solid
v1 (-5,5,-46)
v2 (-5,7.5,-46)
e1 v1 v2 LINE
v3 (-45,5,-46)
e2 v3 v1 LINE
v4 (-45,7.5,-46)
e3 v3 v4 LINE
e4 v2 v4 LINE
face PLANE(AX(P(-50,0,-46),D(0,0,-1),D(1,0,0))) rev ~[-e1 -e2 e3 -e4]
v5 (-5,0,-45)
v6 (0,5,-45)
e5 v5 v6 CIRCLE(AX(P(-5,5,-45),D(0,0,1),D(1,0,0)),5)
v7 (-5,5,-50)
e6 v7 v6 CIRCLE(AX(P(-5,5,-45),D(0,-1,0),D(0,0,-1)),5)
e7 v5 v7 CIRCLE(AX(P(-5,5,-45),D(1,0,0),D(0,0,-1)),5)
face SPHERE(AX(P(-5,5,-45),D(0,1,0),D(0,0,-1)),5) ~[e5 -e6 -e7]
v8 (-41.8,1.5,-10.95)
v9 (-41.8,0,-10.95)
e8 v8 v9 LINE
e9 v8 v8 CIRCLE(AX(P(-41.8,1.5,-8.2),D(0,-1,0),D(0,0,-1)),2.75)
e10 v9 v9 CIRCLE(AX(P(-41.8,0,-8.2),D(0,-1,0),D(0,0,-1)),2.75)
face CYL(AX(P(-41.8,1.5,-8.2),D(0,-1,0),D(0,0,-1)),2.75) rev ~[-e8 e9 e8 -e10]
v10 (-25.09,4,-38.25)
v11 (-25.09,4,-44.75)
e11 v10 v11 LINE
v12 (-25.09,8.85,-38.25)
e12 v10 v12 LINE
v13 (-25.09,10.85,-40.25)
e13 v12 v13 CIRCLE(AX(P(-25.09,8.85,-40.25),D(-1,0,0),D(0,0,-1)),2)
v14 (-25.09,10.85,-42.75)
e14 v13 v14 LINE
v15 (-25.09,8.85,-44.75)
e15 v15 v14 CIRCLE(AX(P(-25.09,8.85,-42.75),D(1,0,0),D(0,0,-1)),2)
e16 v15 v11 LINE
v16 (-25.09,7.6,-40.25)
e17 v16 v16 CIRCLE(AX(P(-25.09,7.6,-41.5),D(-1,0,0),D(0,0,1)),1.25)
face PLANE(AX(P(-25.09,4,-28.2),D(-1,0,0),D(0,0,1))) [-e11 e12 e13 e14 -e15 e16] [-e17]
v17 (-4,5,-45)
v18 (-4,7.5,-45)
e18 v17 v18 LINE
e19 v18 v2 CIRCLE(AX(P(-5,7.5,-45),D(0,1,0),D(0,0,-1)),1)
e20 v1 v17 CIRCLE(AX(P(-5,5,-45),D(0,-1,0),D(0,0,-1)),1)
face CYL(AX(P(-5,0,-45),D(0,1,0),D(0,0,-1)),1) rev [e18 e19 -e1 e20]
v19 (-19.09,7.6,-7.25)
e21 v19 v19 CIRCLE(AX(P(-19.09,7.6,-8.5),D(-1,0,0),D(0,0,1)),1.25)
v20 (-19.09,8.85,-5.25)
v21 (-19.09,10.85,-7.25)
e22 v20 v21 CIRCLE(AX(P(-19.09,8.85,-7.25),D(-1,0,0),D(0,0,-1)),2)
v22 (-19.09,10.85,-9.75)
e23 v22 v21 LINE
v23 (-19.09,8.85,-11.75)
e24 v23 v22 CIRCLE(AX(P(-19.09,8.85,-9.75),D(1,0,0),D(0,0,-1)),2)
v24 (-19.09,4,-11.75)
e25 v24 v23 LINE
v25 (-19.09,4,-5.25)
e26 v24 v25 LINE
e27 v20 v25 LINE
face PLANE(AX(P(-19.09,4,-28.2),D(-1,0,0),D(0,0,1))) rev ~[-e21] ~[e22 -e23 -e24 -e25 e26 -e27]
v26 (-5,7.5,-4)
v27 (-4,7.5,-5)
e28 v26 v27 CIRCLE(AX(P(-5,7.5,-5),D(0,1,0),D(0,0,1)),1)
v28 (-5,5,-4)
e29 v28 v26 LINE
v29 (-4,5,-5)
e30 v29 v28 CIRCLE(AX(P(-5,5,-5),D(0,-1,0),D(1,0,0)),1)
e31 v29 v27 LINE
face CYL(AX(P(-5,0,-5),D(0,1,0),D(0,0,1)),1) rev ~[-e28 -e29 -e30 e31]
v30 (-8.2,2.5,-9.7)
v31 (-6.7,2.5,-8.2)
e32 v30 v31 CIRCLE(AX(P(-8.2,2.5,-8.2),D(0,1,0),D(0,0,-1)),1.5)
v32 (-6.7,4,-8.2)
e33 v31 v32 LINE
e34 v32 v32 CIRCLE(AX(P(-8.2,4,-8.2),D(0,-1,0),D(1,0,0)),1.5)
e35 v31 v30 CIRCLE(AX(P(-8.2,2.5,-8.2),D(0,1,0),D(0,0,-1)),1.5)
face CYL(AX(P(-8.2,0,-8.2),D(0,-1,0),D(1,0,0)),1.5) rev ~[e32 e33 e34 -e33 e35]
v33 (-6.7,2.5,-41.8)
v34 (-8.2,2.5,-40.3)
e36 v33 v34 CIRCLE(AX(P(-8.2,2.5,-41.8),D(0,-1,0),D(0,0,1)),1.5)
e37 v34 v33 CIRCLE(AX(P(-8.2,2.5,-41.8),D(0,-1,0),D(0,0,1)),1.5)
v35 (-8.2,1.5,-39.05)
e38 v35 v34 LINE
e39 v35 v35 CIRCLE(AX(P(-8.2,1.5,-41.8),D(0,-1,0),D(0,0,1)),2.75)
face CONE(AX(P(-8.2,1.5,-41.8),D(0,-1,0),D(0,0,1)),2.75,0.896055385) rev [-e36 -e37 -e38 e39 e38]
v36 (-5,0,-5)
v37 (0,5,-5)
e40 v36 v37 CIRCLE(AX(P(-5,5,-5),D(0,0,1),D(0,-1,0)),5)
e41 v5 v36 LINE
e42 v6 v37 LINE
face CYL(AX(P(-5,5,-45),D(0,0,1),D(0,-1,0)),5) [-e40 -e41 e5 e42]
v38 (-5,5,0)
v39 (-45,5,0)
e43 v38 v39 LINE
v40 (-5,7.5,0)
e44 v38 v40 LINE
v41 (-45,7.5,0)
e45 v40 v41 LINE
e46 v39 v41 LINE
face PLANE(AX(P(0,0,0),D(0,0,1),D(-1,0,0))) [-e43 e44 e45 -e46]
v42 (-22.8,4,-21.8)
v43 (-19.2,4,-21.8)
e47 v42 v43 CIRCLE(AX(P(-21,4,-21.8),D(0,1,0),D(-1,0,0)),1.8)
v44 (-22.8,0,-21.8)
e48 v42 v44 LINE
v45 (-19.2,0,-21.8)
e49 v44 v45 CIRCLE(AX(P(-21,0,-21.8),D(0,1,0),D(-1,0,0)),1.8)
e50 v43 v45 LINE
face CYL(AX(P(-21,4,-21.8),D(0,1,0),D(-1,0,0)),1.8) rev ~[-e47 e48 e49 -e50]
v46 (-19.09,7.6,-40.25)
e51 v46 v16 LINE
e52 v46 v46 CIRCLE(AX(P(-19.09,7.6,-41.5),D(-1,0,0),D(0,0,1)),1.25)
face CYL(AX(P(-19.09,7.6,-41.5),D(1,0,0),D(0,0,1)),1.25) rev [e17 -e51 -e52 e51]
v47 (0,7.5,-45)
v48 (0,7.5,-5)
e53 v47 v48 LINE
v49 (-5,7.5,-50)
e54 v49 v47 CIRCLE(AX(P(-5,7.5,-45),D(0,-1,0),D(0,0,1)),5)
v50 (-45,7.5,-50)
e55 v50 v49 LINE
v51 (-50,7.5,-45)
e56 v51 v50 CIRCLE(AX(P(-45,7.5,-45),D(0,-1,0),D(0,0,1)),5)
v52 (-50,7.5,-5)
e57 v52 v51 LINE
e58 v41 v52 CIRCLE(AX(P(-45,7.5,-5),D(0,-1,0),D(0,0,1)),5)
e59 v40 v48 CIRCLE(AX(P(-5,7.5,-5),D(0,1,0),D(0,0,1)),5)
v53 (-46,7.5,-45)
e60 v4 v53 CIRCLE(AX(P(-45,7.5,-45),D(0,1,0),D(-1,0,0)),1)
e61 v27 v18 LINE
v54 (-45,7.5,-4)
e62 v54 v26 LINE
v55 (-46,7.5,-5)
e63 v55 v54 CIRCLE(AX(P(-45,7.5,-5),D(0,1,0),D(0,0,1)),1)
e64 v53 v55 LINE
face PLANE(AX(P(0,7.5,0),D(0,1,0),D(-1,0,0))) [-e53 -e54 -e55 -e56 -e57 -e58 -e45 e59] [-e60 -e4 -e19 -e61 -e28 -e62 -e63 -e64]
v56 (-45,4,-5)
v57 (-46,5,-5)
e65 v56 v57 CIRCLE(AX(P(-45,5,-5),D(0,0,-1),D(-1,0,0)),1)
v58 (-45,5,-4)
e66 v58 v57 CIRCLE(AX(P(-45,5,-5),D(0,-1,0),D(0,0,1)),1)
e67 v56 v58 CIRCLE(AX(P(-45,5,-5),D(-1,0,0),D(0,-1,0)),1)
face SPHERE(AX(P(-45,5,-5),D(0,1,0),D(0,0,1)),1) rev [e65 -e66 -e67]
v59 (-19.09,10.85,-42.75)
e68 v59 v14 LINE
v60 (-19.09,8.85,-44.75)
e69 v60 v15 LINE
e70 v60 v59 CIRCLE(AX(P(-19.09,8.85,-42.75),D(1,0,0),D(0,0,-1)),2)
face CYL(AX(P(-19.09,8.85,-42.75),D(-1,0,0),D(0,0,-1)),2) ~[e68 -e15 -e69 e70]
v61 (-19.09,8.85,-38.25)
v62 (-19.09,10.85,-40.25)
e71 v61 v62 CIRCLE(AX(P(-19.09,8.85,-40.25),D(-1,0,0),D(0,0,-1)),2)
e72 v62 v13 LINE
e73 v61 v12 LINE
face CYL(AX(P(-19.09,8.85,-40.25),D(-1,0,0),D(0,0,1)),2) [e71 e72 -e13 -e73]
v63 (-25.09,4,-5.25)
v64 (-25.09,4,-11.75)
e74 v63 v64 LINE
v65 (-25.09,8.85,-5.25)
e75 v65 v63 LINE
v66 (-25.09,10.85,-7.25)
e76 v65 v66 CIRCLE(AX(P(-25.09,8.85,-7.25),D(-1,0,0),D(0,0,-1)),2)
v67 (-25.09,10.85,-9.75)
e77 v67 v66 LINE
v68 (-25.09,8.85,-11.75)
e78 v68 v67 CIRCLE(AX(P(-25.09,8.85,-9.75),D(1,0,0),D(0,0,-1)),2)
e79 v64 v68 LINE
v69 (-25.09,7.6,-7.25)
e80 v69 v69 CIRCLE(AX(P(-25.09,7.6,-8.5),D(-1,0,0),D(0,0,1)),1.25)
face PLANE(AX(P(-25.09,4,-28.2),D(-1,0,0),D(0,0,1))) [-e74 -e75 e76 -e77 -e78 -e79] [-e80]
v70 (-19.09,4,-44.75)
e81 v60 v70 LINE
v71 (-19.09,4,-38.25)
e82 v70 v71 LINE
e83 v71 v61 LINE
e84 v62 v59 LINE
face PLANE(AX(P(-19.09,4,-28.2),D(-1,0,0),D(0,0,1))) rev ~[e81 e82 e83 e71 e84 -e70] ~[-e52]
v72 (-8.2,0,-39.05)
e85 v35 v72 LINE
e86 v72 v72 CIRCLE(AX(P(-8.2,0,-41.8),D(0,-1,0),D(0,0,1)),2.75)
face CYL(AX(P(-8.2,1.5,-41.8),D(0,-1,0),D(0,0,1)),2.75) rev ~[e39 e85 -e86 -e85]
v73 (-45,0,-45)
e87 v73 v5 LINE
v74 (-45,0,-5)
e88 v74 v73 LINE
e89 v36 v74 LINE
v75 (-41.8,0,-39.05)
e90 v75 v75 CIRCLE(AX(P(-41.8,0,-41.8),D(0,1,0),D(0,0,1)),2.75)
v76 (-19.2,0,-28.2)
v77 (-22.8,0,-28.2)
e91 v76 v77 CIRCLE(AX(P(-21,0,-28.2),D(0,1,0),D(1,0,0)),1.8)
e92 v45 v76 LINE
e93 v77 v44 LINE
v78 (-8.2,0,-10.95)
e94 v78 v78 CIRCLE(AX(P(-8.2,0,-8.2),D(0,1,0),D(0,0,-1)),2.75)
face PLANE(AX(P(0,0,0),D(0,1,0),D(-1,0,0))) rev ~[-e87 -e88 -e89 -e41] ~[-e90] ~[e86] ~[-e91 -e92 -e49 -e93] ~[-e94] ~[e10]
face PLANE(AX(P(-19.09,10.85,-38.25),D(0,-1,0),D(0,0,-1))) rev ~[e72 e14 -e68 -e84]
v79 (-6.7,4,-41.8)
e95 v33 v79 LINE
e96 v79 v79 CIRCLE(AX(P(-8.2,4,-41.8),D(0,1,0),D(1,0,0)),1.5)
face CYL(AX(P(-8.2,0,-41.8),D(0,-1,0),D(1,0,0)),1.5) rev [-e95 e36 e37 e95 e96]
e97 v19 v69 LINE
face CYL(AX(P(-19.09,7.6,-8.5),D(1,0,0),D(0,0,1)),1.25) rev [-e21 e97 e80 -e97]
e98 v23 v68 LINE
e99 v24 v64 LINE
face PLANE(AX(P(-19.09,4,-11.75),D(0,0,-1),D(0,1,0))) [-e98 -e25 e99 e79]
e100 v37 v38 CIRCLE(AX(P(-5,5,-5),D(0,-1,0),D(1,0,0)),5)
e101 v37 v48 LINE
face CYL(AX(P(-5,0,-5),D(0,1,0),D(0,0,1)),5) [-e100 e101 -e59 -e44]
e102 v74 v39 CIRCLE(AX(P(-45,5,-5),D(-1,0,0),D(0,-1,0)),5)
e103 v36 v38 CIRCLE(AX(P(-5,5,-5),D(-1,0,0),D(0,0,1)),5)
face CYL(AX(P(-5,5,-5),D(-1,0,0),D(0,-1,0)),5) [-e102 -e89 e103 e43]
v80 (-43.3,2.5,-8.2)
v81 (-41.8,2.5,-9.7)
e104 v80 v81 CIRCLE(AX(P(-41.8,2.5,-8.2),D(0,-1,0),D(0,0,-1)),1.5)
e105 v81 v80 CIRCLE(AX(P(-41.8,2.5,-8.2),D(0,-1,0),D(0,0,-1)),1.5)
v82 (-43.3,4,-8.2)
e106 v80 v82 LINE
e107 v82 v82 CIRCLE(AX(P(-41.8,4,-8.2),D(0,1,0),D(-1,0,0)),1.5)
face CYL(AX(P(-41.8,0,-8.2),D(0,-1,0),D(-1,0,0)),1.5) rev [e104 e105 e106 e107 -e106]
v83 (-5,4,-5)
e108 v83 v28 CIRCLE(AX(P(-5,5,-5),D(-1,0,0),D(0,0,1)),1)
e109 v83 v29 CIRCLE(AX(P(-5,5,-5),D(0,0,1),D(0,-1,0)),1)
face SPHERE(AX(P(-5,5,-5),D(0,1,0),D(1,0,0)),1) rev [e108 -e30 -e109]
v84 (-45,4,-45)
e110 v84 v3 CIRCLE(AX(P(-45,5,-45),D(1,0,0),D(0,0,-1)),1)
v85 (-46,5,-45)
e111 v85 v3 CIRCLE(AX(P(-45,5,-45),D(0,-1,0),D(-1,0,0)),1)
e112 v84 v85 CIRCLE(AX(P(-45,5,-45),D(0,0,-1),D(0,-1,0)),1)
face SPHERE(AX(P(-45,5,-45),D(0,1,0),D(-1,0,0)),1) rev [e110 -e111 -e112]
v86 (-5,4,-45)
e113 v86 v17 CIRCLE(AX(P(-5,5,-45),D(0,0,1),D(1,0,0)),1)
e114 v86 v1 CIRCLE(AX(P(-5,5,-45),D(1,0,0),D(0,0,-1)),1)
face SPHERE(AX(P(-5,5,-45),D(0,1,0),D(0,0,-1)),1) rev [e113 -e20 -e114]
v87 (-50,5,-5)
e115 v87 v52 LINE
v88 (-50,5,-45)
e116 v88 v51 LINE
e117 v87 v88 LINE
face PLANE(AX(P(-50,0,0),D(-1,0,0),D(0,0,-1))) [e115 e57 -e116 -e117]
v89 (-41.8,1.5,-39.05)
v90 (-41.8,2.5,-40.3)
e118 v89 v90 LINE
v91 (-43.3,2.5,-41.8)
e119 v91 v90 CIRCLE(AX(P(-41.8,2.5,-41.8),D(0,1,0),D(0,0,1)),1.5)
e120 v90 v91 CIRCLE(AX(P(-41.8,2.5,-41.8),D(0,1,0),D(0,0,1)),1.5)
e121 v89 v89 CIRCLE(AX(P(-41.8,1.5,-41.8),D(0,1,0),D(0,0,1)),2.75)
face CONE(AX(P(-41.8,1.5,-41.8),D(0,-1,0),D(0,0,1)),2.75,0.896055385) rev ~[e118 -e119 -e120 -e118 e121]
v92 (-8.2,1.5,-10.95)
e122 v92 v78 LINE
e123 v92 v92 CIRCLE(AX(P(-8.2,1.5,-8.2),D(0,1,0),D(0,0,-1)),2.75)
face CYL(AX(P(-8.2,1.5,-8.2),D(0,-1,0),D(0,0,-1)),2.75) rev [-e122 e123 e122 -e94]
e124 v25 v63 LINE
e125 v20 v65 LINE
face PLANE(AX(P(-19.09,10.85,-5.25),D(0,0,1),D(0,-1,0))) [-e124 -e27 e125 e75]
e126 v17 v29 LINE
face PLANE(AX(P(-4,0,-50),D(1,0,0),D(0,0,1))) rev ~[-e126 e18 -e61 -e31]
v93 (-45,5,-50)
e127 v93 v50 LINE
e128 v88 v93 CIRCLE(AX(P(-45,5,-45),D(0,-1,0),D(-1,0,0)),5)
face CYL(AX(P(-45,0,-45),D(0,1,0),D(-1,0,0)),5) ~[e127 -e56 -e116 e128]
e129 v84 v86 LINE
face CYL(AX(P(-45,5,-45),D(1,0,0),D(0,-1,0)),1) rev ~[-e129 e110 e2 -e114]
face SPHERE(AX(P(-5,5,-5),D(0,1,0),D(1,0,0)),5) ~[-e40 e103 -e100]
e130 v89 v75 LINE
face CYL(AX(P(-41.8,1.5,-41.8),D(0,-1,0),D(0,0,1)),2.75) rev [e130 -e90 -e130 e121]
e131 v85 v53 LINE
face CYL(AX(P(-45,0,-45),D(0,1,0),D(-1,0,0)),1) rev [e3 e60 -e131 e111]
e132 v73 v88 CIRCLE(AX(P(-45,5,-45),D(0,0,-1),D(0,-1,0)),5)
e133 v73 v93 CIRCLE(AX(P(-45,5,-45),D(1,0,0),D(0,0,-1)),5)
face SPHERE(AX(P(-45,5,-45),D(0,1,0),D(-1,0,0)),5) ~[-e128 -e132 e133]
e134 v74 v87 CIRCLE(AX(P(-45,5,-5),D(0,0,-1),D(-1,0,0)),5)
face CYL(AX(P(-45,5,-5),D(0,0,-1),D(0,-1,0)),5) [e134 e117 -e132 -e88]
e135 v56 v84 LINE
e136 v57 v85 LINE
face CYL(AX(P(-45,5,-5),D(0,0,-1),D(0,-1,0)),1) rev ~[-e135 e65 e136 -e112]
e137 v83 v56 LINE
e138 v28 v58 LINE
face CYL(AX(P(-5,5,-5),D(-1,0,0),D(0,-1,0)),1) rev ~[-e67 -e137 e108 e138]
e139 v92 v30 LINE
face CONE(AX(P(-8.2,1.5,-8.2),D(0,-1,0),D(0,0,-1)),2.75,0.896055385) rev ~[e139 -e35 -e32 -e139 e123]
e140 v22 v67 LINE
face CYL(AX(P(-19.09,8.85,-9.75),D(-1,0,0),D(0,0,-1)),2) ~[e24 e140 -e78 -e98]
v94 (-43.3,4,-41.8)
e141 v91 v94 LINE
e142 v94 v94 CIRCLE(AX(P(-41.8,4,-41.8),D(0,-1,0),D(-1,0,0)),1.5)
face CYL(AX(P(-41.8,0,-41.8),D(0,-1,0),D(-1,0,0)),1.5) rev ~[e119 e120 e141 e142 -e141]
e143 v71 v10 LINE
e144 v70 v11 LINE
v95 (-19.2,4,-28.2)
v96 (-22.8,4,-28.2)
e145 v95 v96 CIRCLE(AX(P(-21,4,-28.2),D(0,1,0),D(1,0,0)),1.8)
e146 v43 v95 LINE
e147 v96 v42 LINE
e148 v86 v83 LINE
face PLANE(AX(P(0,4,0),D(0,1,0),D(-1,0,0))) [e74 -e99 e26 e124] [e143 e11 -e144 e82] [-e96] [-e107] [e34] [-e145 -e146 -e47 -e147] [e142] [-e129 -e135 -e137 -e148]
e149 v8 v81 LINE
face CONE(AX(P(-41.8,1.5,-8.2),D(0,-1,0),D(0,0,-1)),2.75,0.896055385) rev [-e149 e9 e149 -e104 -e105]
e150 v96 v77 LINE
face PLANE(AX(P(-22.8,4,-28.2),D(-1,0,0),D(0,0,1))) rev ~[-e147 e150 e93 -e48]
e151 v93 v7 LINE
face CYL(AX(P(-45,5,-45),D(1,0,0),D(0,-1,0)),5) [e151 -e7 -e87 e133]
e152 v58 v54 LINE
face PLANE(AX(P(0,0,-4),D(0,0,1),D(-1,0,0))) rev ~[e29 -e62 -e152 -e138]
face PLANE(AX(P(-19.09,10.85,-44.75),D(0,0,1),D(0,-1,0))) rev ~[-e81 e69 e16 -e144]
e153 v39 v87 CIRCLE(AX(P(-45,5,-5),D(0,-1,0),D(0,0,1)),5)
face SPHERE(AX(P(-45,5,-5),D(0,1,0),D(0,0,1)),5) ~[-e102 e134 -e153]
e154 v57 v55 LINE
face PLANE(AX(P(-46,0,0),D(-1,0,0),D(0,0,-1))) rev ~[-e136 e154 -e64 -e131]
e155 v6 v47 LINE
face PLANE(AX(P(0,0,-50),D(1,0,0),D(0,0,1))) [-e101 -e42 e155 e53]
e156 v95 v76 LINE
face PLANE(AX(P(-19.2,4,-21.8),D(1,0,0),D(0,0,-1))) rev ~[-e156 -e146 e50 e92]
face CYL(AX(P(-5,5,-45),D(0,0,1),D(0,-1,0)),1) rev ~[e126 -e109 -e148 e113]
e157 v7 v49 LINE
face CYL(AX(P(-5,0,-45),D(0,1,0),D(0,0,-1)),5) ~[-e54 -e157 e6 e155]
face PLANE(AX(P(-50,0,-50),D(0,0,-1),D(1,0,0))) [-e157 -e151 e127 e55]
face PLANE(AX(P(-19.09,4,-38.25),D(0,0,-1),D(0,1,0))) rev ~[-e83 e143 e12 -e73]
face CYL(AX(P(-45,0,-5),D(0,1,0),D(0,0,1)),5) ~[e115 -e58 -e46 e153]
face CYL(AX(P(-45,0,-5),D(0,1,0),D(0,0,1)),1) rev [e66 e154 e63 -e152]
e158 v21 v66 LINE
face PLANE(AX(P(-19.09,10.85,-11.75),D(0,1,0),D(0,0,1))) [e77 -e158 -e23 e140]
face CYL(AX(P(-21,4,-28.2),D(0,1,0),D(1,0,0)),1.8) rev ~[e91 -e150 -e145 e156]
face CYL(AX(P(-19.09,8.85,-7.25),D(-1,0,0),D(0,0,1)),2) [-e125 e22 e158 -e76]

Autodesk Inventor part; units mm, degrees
ref_plane "YZ Plane" through (0, 0, 0) normal (1, 0, 0) x (0, 1, 0)
ref_plane "XZ Plane" through (0, 0, 0) normal (0, 1, 0) x (-1, 0, 0)
ref_plane "XY Plane" through (0, 0, 0) normal (0, 0, 1) x (1, 0, 0)
sketch "Sketch1" plane through (0, 0, 0) normal (0, 1, 0) x (-1, 0, 0)
  line L0 (0, 0) -> (50, 0)
  line L1 (50, 0) -> (50, -50)
  line L2 (50, -50) -> (0, -50)
  line L3 (0, -50) -> (0, 0)
  dimension "d0" = 50
  dimension "d1" = 50
extrude "Extrusion1" add sketch "Sketch1" along normal blind 7.5
fillet "Fillet1" radius 5 4 edges at (-50, 3.75, 0) (-50, 3.75, -50) (0, 3.75, -50) (0, 3.75, 0)
ref_plane "Work Plane2" through (-25, 7.5, -50) normal (-1, 0, 0) x (0, -1, 0)
ref_plane "Work Plane1" through (0, 7.5, -25) normal (0, 0, -1) x (-1, 0, 0)
fillet "Fillet2" radius 5 8 edges at (-1.4645, 0, -48.5355) (-25, 0, -50) (-48.5355, 0, -48.5355) (-50, 0, -25) (-48.5355, 0, -1.4645) (-25, 0, 0) (-1.4645, 0, -1.4645) (0, 0, -25)
shell "Shell1" thickness 4 removed faces 1 at (-16.6667, 7.5, -18.3333)
sketch "Sketch2" plane through (0, 0, 0) normal (0, -1, 0) x (1, 0, 0)
  line L0 (-25, -60) -> (-25, 10) projected
  line L1 (10, -25) -> (-60, -25) projected
  line L2 (-8.2, -8.2) -> (-41.8, -8.2) construction
  line L3 (-41.8, -8.2) -> (-41.8, -41.8) construction
  line L4 (-41.8, -41.8) -> (-8.2, -41.8) construction
  line L5 (-8.2, -41.8) -> (-8.2, -8.2) construction
  circle A0 centre (-8.2, -8.2) radius 1.5
  point P0 (0, 0)
  point P1 (-5, -45)
  point P2 (-45, -45)
  point P3 (-25, -41.8)
  point P4 (-8.2, -25)
  point P5 (-8.2, -25)
  point P6 (-25, -41.8)
  dimension "d8" = 33.6
  dimension "d9" = 33.6
  dimension "d10" = 3
extrude "Extrusion2" cut sketch "Sketch2" against normal up to surface (4 mm away)
ref_plane "Work Plane3" through (-8.2, 0, -8.2) normal (-1, 0, 0) x (0, -1, 0)
sketch "Sketch3" plane through (-8.2, 0, -8.2) normal (-1, 0, 0) x (0, -1, 0)
  line L0 (-4, -1.5) -> (-4, 1.5) projected
  line L1 (0, 1.5) -> (0, -1.5) projected
  line L2 (0, -36.8) -> (0, 3.2) projected
  line L3 (0, 2.75) -> (-1.5, 2.75)
  line L4 (-1.5, 2.75) -> (-1.5, -2.75)
  line L5 (-1.5, -2.75) -> (0, -2.75)
  line L6 (0, -2.75) -> (0, 2.75)
  line L7 (-1.5, -2.75) -> (-2.5, -1.5)
  line L8 (0, -1.5) -> (-4, -1.5) projected
  line L9 (0, 0) -> (-4, 0)
  point P0 (0, 8.2)
  point P1 (0, -2.75)
  dimension "d13" = 5.5
  dimension "d14" = 1.5
  dimension "d15" = 1
revolve "Revolution1" cut sketch "Sketch3" angle 360 about axis through (-8.2, 0, -8.2) along (0, 1, 0) contours L8 L4 L7 | L4 L8 L2 L5
mirror "Mirror1" about plane through (0, 7.5, -25) normal (0, 0, -1) of "Extrusion2", "Revolution1"
mirror "Mirror2" about plane through (-25, 7.5, -50) normal (-1, 0, 0) of "Extrusion2", "Mirror1", "Revolution1"
sketch "Sketch4" plane through (-45, 4, -45) normal (0, 1, 0) x (1, 0, 0)
  line L0 (20, -55) -> (20, 15) construction
  line L1 (-15, -20) -> (55, -20) construction
  line L2 (24, -23.2) -> (24, -16.8) construction
  line L3 (25.8, -23.2) -> (25.8, -16.8)
  line L4 (22.2, -16.8) -> (22.2, -23.2)
  arc A0 (22.2, -23.2) -> (25.8, -23.2) centre (24, -23.2) ccw
  arc A1 (25.8, -16.8) -> (22.2, -16.8) centre (24, -16.8) ccw
  point P0 (45, -45)
  point P1 (24, -20)
  point P2 (24, -15)
  point P3 (24, -25)
  dimension "d17" = 3.6
  dimension "d38" = 6.4
  dimension "d39" = 4
extrude "Extrusion3" cut sketch "Sketch4" against normal up to surface (4 mm away)
ref_plane "Płaszczyzna konstrukcyjna9" through (-19.09, 4, -28.2) normal (-1, 0, 0) x (0, 0, 1)
sketch "Szkic6" plane through (-19.09, 4, -28.2) normal (-1, 0, 0) x (0, 0, 1)
  line L0 (0, 0) -> (0, 0) projected
  line L1 (0, 0) -> (6.4, 0) projected
  line L2 (6.4, 0) -> (6.4, 0) projected
  line L3 (6.4, 0) -> (0, 0) projected
  line L4 (-15.1, 0) -> (-12.1, 0) projected
  line L5 (18.5, 0) -> (21.5, 0) projected
  line L6 (-15.1, 0) -> (-12.1, 0) projected
  line L7 (18.5, 0) -> (21.5, 0) projected
  line L8 (23.2, 0) -> (-16.8, 0) projected
  line L9 (-16.8, 0) -> (23.2, 0) projected
  line L10 (6.4, -4) -> (6.4, -4) projected
  line L11 (6.4, 0) -> (6.4, -4) projected
  line L12 (6.4, 0) -> (6.4, 0) projected
  line L13 (6.4, 0) -> (6.4, -4) projected
  line L14 (0, -4) -> (0, -4) projected
  line L15 (0, 0) -> (0, -4) projected
  line L16 (0, 0) -> (0, 0) projected
  line L17 (0, 0) -> (0, -4) projected
  line L18 (-16.55, 0) -> (-10.05, 0)
  line L19 (-10.05, 0) -> (-10.05, 6.85)
  line L20 (-10.05, 6.85) -> (-16.55, 6.85)
  line L21 (-16.55, 6.85) -> (-16.55, 0)
  circle A0 centre (-13.3, 3.6) radius 1.25
  line L22 (-13.3, 0) -> (-13.3, 6.85) construction
  line L23 (3.2, -6.17) -> (3.2, 9.02) construction
  line L24 (22.95, 0) -> (16.45, 0)
  line L25 (16.45, 0) -> (16.45, 6.85)
  line L26 (16.45, 6.85) -> (22.95, 6.85)
  line L27 (22.95, 6.85) -> (22.95, 0)
  circle A1 centre (19.7, 3.6) radius 1.25
  line L28 (19.7, 0) -> (19.7, 6.85) construction
  point P0 (28.2, -4)
  point P1 (16.45, 0)
  point P2 (18.5, 0)
  point P3 (21.5, 0)
  point P4 (-16.55, 0)
  point P5 (-15.1, 0)
  point P6 (-12.1, 0)
  point P7 (-10.05, 0)
  dimension "d30" = 2
  dimension "d31" = 2
  dimension "d33" = 3.6
  dimension "d34" = 2.5
  dimension "d35" = 33
extrude "Wyciągnięcie proste5" add sketch "Szkic6" along normal blind 6
fillet "Zaokrąglenie3" radius 2 4 edges at (-22.09, 10.85, -38.25) (-22.09, 10.85, -44.75) (-22.09, 10.85, -11.75) (-22.09, 10.85, -5.25)
equation "\"d0\" = blob_overall"
equation "\"d1\" = blob_overall"
equation "\"d4\" = corner_round"
equation "\"d5\" = corner_round"
equation "\"d6\" = shell_width"
equation "\"d31\" = d30"
equation "\"blob_overall\" = 50"
equation "\"corner_round\" = 5"
equation "\"matrix_size\" = 32"
equation "\"shell_width\" = 4"
properties part number "case2"
